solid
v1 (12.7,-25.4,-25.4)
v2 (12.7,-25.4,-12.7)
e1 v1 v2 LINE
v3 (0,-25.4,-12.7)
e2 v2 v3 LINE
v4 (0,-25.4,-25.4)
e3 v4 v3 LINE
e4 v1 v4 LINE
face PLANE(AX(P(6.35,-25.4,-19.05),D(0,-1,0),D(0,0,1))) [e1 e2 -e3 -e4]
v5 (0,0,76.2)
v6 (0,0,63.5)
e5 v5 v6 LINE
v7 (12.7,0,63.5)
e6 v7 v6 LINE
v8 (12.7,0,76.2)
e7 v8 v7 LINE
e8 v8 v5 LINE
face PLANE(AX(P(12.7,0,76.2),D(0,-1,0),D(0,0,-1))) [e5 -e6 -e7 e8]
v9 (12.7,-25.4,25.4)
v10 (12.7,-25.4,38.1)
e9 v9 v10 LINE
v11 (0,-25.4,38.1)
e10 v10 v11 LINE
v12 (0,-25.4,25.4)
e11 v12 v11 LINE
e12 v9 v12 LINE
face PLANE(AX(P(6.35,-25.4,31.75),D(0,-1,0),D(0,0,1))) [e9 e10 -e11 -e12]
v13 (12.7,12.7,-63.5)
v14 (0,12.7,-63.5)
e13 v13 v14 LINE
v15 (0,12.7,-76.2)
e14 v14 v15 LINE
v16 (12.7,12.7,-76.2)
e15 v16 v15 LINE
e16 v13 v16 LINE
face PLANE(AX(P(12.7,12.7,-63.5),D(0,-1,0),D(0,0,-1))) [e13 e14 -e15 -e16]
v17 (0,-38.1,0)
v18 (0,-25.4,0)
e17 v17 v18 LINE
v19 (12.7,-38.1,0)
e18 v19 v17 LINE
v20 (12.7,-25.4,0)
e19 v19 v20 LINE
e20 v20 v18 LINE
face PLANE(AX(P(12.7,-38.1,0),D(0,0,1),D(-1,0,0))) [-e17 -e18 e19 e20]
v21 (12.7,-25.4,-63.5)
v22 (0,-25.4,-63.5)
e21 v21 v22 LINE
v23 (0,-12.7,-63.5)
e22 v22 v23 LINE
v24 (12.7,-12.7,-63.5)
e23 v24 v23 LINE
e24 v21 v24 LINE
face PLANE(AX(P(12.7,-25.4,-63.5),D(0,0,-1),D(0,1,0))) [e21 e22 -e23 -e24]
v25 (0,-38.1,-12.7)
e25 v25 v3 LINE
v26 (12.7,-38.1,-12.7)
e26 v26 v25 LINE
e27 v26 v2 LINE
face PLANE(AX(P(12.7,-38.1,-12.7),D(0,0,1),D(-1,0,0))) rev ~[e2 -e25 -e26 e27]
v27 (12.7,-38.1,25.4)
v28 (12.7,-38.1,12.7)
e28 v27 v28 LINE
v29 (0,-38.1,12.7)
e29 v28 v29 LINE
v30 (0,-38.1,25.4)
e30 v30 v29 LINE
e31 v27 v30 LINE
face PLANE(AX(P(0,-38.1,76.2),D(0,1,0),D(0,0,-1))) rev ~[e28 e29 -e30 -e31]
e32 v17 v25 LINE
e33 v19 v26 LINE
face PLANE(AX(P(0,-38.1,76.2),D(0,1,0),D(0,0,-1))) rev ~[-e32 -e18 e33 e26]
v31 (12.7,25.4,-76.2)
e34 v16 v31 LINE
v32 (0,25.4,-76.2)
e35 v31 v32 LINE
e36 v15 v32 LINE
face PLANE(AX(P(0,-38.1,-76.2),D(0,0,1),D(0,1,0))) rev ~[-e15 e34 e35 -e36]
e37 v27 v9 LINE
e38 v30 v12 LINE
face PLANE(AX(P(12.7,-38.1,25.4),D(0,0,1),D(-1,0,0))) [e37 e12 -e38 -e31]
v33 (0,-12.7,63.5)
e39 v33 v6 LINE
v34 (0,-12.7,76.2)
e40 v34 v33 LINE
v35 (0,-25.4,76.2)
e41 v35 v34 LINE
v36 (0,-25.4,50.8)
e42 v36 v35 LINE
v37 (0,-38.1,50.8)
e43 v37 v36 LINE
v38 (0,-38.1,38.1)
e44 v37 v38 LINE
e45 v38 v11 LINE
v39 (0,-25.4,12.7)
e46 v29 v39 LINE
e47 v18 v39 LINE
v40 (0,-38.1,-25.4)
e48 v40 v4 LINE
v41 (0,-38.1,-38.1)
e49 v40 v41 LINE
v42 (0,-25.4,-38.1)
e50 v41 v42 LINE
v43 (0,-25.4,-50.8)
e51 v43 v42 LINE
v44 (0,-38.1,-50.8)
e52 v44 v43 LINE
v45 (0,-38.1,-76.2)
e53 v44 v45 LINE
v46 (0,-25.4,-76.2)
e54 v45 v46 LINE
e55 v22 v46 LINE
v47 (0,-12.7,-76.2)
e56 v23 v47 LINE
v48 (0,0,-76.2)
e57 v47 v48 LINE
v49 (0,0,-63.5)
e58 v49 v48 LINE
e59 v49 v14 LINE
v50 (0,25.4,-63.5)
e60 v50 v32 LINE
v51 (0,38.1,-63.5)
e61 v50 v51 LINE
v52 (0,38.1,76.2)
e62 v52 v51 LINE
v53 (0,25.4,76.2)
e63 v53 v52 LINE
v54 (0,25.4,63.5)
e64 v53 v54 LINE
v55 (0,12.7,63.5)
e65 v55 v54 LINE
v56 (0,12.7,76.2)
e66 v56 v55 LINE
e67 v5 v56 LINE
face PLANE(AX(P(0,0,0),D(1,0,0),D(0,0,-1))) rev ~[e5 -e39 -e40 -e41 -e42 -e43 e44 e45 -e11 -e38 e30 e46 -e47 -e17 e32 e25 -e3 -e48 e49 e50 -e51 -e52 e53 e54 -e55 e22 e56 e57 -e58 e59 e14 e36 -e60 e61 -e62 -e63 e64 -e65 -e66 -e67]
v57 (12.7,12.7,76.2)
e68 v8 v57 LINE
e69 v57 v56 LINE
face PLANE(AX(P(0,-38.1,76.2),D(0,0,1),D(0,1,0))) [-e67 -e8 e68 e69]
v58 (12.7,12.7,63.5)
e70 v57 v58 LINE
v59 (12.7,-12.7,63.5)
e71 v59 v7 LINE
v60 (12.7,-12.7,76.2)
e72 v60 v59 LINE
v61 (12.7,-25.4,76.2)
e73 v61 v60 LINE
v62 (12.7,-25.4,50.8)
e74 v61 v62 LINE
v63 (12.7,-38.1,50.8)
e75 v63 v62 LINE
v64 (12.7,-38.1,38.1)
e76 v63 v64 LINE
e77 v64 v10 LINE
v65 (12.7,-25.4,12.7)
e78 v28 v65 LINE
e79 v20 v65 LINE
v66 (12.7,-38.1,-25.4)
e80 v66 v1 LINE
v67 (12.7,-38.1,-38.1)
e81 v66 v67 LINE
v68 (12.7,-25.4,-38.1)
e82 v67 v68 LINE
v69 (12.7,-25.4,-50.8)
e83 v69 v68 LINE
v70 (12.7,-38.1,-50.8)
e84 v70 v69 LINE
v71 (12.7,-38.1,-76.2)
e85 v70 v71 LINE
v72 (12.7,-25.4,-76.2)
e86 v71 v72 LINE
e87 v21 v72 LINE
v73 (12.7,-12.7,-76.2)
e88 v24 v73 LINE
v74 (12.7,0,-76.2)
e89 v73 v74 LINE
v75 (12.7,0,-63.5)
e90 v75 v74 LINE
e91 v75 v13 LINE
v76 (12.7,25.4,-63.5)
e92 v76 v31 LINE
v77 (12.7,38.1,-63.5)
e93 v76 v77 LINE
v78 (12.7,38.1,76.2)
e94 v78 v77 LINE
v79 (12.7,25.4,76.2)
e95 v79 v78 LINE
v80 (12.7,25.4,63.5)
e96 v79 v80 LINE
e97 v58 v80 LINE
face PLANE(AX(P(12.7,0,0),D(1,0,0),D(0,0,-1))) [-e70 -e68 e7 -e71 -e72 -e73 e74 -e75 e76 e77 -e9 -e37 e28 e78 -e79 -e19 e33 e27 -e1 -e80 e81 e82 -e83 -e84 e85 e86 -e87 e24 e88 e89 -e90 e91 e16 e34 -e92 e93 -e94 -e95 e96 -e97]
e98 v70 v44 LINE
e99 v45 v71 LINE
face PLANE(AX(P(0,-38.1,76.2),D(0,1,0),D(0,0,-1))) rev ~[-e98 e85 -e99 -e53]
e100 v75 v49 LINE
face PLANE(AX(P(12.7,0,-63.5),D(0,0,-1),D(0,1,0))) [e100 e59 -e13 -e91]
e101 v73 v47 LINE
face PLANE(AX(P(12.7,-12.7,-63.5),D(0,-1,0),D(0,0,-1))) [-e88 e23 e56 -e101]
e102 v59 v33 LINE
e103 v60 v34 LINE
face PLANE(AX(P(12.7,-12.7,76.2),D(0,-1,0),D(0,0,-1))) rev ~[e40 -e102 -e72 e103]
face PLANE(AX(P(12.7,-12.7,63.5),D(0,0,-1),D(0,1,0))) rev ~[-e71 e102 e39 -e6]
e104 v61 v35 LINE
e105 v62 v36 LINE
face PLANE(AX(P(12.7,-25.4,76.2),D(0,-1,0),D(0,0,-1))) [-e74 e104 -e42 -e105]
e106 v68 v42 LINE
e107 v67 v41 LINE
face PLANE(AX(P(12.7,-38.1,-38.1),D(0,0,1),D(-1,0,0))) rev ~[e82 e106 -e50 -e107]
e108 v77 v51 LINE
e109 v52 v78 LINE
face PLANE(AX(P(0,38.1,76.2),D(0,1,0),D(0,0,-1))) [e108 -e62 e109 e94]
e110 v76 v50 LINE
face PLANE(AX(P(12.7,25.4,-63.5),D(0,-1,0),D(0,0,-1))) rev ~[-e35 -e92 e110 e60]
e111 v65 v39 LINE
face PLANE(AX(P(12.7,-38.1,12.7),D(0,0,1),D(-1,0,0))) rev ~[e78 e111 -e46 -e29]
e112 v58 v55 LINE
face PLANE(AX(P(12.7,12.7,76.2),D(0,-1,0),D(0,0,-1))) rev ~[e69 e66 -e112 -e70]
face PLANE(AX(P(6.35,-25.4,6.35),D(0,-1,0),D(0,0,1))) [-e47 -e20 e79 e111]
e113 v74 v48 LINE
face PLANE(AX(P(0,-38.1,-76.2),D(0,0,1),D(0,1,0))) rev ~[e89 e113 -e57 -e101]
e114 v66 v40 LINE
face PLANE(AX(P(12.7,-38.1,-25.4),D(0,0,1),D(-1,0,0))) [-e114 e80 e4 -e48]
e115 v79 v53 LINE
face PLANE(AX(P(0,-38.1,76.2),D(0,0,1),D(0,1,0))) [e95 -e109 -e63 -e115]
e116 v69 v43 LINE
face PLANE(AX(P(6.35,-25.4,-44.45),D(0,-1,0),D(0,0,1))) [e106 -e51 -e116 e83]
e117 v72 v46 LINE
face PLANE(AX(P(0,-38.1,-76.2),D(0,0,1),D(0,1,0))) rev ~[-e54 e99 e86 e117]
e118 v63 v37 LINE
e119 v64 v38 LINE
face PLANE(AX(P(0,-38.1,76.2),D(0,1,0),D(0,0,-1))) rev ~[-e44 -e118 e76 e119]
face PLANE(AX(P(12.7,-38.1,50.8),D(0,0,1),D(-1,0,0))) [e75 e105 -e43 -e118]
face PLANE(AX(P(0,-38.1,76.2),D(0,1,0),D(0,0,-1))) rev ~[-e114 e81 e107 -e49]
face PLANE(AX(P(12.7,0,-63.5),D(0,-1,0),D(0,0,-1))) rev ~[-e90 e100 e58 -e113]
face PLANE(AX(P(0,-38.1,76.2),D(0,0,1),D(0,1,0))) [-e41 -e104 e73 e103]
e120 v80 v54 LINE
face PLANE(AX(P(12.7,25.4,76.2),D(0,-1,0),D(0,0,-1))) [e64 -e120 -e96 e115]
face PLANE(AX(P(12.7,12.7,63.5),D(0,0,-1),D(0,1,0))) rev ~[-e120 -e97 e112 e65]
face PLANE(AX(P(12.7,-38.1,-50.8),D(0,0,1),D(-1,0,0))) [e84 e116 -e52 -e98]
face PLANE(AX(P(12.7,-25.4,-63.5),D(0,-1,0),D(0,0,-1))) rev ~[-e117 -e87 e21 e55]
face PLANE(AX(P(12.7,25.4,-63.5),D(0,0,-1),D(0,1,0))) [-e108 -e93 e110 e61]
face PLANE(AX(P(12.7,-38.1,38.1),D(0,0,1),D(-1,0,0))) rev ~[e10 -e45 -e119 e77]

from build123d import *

# Parameters (mm, degrees)
SKETCH1_W           = 152.4
SKETCH1_H           = 76.2
BOSS_EXTRUDE1_DEPTH = 12.7
SKETCH2_W           = 12.7
SKETCH2_H           = 12.7
CUT_EXTRUDE1_DEPTH  = 87.135590786
SKETCH3_W           = 12.7
SKETCH3_H           = 12.7
CUT_EXTRUDE2_DEPTH  = 12.7


with BuildPart() as part:
    # Sketch1 → Boss-Extrude1 (new body)
    with BuildSketch(Plane(origin=(0, 0, 0), x_dir=(0, 0, -1), z_dir=(1, 0, 0))):
        Rectangle(SKETCH1_W, SKETCH1_H)
    extrude(amount=BOSS_EXTRUDE1_DEPTH)

    # Sketch2 → Cut-Extrude1 (cut, through all)
    with BuildSketch(Plane(origin=(12.7, 0, 0), x_dir=(0, 0, -1), z_dir=(1, 0, 0))):
        with Locations((-69.85, 19.05)):
            Rectangle(SKETCH2_W, SKETCH2_H)
        with Locations((-69.85, -6.35)):
            Rectangle(SKETCH2_W, SKETCH2_H)
        with Locations((-69.85, -31.75)):
            Rectangle(SKETCH2_W, SKETCH2_H)
        with Locations((69.85, 31.75)):
            Rectangle(SKETCH2_W, SKETCH2_H)
        with Locations((69.85, 6.35)):
            Rectangle(SKETCH2_W, SKETCH2_H)
        with Locations((69.85, -19.05)):
            Rectangle(SKETCH2_W, SKETCH2_H)
    extrude(amount=-CUT_EXTRUDE1_DEPTH, mode=Mode.SUBTRACT)

    # Sketch3 → Cut-Extrude2 (cut)
    with BuildSketch(Plane(origin=(90.45925552, -38.1, 56.334406979), x_dir=(0, 0, 1), z_dir=(0, -1, 0))):
        with Locations((-100.784406979, 84.10925552)):
            Rectangle(SKETCH3_W, SKETCH3_H)
        with Locations((-75.384406979, 84.10925552)):
            Rectangle(SKETCH3_W, SKETCH3_H)
        with Locations((-49.984406979, 84.10925552)):
            Rectangle(SKETCH3_W, SKETCH3_H)
        with Locations((-24.584406979, 84.10925552)):
            Rectangle(SKETCH3_W, SKETCH3_H)
        with Locations((0.815593021, 84.10925552)):
            Rectangle(SKETCH3_W, SKETCH3_H)
    extrude(amount=-CUT_EXTRUDE2_DEPTH, mode=Mode.SUBTRACT)


solid = part.part
